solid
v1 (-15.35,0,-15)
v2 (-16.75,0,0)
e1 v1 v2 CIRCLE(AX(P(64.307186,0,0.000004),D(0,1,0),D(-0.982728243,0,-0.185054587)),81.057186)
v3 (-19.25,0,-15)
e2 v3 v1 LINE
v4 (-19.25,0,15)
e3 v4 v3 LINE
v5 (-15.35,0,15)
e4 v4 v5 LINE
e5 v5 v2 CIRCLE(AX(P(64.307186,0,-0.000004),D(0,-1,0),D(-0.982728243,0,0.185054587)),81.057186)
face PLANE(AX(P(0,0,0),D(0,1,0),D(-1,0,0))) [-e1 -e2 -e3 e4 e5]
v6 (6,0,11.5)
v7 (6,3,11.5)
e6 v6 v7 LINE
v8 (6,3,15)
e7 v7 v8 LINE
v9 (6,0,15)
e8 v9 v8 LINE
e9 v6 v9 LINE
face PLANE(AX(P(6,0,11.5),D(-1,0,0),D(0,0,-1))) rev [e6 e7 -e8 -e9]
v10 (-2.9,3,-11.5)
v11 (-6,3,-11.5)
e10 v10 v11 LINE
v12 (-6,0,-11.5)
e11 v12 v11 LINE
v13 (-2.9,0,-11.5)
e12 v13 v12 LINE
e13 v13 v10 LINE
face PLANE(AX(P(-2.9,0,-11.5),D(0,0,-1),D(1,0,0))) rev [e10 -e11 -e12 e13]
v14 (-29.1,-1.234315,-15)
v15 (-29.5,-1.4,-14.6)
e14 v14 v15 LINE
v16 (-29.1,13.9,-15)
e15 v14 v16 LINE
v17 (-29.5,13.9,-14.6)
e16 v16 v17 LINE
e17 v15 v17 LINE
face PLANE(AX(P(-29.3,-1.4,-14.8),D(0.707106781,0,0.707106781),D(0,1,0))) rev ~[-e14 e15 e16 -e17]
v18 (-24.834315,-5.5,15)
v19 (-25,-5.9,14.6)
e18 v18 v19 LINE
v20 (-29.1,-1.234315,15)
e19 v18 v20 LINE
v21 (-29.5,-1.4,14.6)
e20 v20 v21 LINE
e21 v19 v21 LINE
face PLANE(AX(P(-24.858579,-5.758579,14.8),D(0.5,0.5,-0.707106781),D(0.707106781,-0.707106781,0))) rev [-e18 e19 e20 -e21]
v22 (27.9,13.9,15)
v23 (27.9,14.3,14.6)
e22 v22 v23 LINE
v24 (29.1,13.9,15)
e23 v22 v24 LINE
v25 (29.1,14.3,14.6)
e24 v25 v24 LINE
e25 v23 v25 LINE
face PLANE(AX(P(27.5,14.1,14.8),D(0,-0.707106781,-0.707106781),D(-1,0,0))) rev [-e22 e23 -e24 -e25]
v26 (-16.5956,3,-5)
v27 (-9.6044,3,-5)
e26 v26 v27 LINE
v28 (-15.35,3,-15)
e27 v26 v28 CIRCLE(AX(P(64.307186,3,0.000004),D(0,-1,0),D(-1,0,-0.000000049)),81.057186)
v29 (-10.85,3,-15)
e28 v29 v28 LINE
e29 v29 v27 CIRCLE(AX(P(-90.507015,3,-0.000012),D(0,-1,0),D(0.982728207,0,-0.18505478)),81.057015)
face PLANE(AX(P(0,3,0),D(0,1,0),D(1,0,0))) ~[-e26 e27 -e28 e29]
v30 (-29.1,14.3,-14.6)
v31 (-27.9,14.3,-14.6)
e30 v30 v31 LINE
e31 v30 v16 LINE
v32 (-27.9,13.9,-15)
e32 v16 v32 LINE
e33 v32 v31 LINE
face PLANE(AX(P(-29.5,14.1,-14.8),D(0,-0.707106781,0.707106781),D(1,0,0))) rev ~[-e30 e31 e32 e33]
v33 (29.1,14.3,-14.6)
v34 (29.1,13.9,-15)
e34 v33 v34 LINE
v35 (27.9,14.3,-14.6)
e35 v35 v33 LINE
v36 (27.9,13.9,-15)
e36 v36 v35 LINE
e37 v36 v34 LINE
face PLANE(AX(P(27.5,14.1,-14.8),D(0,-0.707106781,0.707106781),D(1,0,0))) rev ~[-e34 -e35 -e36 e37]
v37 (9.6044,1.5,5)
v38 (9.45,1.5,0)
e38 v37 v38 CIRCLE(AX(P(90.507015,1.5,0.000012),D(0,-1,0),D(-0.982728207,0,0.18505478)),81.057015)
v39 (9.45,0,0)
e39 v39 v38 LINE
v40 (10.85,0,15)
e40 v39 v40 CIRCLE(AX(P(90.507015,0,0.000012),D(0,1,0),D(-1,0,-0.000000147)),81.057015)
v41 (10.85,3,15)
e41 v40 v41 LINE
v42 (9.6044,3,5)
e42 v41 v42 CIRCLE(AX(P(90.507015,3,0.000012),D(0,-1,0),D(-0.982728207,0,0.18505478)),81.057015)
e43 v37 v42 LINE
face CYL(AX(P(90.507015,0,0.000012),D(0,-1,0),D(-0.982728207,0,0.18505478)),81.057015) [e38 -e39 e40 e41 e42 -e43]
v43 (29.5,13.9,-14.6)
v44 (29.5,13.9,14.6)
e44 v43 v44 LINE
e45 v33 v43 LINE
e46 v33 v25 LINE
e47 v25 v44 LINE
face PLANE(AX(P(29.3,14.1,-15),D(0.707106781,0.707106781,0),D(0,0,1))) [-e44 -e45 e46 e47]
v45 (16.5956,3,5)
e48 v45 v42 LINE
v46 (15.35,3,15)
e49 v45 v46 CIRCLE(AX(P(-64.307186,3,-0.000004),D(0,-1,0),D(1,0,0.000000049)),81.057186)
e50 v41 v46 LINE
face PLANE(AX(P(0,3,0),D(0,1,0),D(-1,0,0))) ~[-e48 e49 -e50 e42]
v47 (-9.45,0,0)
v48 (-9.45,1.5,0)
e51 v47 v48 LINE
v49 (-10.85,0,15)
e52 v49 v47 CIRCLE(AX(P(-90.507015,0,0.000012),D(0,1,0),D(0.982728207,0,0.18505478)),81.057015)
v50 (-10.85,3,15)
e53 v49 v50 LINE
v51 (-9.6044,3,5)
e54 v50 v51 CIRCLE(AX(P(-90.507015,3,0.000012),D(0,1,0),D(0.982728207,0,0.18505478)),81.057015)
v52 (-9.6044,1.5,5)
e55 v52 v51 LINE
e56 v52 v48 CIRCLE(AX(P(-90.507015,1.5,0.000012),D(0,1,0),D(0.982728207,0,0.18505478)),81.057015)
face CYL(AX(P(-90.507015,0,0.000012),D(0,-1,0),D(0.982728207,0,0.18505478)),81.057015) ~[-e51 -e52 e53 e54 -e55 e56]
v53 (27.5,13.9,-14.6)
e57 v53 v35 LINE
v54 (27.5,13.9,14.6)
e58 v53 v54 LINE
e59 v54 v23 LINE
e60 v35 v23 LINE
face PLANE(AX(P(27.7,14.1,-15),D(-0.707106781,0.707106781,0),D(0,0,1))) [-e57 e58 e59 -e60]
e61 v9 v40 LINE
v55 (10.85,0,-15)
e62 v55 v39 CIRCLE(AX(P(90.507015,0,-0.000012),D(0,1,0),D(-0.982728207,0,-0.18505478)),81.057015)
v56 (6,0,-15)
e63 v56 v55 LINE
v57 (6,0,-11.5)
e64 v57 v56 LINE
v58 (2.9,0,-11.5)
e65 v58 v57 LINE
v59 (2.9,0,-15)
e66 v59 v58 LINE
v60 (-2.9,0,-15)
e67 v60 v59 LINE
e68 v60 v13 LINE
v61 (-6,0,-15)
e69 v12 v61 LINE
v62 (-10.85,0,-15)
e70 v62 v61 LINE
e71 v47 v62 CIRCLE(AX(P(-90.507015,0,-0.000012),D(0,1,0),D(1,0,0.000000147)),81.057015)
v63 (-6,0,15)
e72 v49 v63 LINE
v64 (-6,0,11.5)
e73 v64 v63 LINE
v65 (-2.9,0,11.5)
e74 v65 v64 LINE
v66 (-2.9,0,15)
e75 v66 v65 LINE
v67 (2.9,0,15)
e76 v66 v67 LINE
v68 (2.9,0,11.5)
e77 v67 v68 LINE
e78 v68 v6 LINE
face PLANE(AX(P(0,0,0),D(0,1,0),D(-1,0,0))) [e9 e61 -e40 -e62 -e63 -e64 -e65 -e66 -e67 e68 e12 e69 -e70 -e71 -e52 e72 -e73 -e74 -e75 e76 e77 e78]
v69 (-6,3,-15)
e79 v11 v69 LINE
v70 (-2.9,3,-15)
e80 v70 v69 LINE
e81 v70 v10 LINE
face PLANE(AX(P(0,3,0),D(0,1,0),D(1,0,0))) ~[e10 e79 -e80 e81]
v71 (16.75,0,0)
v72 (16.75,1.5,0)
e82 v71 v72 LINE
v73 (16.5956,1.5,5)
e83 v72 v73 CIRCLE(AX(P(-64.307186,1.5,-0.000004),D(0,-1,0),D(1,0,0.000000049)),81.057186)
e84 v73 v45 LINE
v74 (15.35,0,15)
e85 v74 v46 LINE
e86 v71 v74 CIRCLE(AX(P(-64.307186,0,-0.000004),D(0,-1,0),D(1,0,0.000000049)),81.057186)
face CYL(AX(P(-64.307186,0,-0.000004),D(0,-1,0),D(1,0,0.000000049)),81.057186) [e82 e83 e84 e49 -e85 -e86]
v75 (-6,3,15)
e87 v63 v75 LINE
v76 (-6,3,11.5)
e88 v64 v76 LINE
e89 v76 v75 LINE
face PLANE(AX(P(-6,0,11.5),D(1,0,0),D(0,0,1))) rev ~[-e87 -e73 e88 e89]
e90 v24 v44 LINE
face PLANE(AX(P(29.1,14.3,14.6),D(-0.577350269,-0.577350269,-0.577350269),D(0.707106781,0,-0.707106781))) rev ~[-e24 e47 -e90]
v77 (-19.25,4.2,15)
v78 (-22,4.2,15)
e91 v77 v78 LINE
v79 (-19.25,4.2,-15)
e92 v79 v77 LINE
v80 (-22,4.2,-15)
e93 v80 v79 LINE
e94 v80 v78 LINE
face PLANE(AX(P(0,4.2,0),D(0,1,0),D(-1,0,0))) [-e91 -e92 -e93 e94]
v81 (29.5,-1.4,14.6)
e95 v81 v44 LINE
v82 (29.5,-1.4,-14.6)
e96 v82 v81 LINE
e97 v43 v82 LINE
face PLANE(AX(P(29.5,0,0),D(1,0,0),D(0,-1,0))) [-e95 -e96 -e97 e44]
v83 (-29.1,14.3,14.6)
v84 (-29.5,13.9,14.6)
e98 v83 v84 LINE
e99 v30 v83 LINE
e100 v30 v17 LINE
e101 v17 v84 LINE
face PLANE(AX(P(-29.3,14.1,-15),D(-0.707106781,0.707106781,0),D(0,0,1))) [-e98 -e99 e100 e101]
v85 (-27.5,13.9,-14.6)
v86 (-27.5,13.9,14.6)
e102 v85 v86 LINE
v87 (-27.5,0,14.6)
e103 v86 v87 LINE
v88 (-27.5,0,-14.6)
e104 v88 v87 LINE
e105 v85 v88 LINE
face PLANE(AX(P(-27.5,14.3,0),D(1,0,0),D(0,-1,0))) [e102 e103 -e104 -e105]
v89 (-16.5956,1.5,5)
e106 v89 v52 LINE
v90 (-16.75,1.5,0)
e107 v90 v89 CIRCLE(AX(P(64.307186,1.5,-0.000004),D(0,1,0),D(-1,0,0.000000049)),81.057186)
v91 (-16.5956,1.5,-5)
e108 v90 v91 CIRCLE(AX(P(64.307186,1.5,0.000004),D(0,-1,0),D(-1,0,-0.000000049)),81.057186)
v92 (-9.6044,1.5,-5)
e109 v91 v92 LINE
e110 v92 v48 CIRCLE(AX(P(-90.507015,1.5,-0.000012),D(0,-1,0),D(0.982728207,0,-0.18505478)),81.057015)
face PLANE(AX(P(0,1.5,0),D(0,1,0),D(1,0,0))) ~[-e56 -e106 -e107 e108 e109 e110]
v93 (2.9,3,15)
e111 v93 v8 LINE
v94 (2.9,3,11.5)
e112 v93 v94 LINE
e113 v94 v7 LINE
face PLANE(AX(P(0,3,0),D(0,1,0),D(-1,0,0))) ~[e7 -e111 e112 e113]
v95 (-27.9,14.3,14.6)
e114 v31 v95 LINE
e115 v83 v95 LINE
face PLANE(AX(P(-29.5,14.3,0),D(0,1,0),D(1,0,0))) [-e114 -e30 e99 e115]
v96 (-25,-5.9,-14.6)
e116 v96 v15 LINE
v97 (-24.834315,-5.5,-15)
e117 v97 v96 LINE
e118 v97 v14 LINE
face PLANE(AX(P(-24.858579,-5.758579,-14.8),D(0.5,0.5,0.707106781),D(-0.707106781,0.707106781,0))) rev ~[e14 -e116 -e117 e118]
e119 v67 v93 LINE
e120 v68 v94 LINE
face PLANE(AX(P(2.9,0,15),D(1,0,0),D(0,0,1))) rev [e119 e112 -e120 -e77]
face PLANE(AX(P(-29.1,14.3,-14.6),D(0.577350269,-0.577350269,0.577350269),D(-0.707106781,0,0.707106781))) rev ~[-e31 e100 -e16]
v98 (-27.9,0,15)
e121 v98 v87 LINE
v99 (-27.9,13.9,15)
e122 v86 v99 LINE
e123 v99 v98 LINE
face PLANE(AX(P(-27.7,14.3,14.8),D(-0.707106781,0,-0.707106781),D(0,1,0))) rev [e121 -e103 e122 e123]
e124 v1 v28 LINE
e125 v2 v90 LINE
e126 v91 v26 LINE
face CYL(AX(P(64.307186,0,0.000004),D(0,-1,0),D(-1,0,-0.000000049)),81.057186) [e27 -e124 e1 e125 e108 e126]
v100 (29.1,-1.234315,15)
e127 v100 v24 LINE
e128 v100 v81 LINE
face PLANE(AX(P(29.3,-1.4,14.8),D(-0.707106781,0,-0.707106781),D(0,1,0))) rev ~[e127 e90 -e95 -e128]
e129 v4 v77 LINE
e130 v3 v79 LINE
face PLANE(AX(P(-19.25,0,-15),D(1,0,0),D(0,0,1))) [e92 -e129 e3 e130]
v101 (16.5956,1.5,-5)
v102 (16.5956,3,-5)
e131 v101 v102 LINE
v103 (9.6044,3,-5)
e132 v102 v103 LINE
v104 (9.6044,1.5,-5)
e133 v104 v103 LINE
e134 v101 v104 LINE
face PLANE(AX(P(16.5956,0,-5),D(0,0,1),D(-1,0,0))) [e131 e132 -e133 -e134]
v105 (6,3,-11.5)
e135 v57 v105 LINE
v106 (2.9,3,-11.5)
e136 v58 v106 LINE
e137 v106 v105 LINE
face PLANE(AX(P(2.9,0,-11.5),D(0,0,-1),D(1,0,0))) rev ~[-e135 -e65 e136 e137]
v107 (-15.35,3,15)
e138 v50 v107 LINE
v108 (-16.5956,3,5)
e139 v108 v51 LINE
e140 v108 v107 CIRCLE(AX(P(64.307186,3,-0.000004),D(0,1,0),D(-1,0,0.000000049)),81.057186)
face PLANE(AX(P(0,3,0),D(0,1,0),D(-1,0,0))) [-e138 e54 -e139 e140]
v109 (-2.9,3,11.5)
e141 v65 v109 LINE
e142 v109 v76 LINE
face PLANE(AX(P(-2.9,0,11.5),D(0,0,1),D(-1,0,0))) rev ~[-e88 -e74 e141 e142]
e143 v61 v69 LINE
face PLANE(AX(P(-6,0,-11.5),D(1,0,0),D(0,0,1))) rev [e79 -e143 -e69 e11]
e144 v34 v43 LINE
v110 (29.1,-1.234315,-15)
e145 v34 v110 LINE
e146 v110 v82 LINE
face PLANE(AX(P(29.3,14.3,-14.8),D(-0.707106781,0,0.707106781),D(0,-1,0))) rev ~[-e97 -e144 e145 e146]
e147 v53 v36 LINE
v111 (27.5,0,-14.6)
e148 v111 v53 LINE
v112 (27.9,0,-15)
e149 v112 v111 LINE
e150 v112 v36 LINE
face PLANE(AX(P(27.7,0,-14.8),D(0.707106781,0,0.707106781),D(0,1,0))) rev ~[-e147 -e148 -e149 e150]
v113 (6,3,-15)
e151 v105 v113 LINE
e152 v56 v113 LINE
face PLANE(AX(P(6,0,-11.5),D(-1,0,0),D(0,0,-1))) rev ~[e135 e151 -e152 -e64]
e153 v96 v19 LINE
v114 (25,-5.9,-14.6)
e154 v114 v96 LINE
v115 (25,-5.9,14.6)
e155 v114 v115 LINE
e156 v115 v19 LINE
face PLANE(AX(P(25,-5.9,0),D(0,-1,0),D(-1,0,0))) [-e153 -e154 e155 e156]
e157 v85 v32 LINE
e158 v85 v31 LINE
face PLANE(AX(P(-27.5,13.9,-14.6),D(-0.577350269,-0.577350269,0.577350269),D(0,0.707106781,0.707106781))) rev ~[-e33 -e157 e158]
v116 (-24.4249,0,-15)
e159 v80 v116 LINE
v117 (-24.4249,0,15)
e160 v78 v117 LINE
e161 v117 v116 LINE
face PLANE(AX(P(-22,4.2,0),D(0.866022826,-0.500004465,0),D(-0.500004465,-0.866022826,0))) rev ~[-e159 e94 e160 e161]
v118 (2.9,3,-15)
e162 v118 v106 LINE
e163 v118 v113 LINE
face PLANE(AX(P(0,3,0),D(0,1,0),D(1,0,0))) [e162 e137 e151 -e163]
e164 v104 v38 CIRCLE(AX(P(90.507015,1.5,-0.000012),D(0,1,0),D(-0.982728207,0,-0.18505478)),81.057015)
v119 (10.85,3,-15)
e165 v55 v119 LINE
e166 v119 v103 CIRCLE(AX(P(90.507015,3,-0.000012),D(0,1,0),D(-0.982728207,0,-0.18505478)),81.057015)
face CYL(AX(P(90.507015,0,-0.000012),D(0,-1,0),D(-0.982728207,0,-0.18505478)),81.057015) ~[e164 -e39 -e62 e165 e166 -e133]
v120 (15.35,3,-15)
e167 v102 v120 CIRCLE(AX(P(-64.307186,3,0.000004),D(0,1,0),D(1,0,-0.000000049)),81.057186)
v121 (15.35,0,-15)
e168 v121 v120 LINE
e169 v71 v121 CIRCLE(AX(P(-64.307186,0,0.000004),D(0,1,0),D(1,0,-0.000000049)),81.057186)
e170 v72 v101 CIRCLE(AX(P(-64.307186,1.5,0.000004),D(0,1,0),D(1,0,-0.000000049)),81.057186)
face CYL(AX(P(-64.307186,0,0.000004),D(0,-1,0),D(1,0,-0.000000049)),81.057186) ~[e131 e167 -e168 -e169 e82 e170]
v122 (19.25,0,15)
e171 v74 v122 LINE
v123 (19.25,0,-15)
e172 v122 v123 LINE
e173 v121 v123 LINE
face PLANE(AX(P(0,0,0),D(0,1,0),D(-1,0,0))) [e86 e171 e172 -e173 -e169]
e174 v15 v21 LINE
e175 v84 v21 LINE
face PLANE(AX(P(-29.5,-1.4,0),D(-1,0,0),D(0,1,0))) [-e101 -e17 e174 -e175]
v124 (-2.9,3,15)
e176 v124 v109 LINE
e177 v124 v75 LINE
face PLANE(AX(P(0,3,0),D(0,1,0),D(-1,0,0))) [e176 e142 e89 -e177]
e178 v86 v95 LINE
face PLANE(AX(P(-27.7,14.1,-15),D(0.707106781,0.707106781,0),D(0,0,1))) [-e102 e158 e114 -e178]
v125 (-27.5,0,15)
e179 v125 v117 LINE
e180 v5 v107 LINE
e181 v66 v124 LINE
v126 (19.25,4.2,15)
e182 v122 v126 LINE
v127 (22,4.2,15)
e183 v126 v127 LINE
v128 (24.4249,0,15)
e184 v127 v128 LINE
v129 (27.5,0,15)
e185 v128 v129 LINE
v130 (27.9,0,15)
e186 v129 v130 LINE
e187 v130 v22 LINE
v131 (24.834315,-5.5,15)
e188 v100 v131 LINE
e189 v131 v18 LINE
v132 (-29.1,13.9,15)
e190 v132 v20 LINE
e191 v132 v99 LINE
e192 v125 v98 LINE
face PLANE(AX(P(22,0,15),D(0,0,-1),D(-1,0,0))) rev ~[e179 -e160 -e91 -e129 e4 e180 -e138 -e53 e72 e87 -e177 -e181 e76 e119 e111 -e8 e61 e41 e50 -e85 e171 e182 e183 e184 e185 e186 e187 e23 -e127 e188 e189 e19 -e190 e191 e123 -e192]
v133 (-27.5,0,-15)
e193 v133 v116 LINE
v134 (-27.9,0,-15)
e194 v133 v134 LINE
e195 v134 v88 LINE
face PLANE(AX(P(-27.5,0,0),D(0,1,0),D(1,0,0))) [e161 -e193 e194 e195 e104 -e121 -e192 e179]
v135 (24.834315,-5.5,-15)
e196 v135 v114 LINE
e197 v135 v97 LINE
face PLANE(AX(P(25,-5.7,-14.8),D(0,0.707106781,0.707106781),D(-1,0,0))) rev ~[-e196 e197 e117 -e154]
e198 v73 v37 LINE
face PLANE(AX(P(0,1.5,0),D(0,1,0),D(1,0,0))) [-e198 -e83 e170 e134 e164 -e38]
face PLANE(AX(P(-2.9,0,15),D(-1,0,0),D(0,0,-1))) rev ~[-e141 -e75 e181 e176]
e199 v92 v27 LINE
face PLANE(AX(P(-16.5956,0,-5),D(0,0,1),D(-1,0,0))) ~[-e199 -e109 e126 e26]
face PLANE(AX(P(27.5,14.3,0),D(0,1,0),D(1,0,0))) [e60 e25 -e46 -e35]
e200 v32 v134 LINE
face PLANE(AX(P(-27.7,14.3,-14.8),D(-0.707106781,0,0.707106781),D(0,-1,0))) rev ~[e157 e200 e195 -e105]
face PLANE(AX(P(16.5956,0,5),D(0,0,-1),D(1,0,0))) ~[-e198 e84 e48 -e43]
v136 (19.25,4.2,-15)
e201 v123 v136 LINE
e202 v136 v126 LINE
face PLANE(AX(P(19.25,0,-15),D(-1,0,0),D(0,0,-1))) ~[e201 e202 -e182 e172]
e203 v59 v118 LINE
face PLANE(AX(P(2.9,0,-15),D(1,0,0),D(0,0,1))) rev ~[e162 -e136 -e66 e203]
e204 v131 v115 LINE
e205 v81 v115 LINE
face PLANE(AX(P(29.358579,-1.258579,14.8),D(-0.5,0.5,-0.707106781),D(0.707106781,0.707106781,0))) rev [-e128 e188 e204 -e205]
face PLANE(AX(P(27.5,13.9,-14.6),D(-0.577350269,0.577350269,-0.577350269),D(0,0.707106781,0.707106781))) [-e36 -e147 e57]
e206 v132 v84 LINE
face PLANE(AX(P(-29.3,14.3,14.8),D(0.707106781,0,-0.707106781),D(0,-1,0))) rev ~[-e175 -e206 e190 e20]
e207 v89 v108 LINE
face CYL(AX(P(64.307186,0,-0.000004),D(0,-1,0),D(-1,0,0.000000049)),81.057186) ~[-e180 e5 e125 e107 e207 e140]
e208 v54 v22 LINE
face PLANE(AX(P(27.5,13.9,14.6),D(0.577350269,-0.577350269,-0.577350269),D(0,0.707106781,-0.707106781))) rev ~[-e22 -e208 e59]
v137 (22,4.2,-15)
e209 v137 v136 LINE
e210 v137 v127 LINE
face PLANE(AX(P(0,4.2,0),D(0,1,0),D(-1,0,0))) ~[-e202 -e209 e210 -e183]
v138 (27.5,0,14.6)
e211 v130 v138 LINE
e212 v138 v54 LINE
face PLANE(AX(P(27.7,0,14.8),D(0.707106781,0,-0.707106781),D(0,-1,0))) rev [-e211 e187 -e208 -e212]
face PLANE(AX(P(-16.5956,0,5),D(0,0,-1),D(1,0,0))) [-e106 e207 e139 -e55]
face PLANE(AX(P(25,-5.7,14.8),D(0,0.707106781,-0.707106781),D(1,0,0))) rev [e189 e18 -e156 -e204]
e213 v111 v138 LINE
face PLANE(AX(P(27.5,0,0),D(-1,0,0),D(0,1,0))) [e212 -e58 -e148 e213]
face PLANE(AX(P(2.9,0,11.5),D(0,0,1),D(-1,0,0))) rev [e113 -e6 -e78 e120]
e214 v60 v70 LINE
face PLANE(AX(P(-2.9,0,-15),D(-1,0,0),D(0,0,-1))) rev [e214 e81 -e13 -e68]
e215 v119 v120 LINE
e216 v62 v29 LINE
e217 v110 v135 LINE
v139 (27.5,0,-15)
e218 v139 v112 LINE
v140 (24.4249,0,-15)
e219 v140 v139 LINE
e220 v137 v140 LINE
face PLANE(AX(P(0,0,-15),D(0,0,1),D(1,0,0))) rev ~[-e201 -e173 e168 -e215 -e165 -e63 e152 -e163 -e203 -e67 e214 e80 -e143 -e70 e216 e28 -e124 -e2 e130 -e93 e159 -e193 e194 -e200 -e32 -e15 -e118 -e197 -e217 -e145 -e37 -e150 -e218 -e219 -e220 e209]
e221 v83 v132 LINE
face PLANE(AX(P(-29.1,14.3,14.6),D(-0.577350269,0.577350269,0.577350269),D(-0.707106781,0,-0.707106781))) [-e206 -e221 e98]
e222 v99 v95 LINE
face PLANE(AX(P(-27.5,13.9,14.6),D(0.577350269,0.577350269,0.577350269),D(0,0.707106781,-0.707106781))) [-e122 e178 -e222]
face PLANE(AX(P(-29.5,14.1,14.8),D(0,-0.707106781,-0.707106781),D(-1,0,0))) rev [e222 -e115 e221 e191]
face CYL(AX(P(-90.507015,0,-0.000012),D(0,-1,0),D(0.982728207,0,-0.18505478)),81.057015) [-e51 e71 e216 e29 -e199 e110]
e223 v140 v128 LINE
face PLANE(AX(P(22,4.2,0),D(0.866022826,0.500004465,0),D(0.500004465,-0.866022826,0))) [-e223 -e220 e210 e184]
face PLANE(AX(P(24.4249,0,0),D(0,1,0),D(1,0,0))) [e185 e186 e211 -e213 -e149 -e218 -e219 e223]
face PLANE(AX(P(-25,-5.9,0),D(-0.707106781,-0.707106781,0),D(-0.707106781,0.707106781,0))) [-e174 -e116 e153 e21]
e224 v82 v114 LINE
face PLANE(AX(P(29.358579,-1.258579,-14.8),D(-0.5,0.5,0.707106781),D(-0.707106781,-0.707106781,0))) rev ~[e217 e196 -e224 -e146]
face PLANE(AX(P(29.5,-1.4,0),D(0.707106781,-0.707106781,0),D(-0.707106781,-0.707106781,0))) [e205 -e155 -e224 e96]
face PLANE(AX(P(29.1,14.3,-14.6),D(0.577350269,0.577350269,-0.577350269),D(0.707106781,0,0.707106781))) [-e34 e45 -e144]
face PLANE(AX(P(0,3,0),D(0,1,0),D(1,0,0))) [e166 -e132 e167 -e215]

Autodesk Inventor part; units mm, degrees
ref_plane "YZ Plane" through (0, 0, 0) normal (1, 0, 0) x (0, 1, 0)
ref_plane "XZ Plane" through (0, 0, 0) normal (0, 1, 0) x (-1, 0, 0)
ref_plane "XY Plane" through (0, 0, 0) normal (0, 0, 1) x (1, 0, 0)
sketch "スケッチ1" plane through (0, 0, 0) normal (0, 1, 0) x (-1, 0, 0)
  line L0 (0, -21.0065) -> (0, 21.0391) projected
  line L1 (-95.27, 0) -> (121.47, 0) projected
  line L2 (22, -15) -> (-22, -15)
  line L3 (-22, -15) -> (-22, 15)
  line L4 (-22, 15) -> (22, 15)
  line L5 (22, 15) -> (22, -15)
  line L6 (6, 15) -> (2.9, 15)
  line L7 (2.9, 15) -> (2.9, 11.5)
  line L8 (2.9, 11.5) -> (6, 11.5)
  line L9 (6, 11.5) -> (6, 15)
  arc A0 (10.85, 15) -> (9.45, 0) centre (90.5071, 0) ccw
  arc A1 (16.75, 0) -> (15.35, 15) centre (-64.3071, 0) ccw
  line L10 (13.1, -2.0457) -> (13.1, 1.915)
  line L11 (16.75, 0) -> (9.45, 0)
  line L12 (15.35, 15) -> (10.85, 15)
  line L13 (16.5956, 5) -> (9.6044, 5)
  line L14 (19.25, -15) -> (19.25, 15)
  point P0 (0, 0)
  point P1 (2.9, 15)
  point P2 (19.25, 0)
  point P3 (22, 0)
  dimension "d0" = 44
  dimension "d1" = 30
  dimension "d18" = 3.5
  dimension "d19" = 6
  dimension "d20" = 3.1
  dimension "d21" = 16.75
  dimension "d22" = 7.3
  dimension "d25" = 4.5
  dimension "d26" = 10
  dimension "d28" = 6.9913
  dimension "d37" = 2.9
  dimension "d38" = 19.25
extrude "押し出し1" add sketch "スケッチ1" against normal blind 2
extrude "押し出し3" add sketch "スケッチ1" along normal blind 3 contours L4 L9 L8 L7 | A0 L4 A1 L13
extrude "押し出し4" add sketch "スケッチ1" along normal blind 1.5 contours A0 L13 A1 L1
mirror "ミラー1" about plane through (0, 0, 0) normal (0, 0, 1) of "押し出し1", "押し出し3", "押し出し4"
extrude "押し出し5" add sketch "スケッチ1" along normal blind 4.2 contours L14 L1 L5 L2 | L14 L4 L5 L1
mirror "ミラー3" about plane through (0, 0, 0) normal (1, 0, 0) of "押し出し1", "押し出し3", "押し出し4", "ミラー1", "押し出し5"
sketch "スケッチ2" plane through (0, 0, 0) normal (0, 0, 1) x (1, 0, 0)
  line L0 (0, 5.44) -> (0, -3.24) projected
  line L1 (-30.8, 0) -> (30.8, 0) projected
  line L2 (-29.5, 14.3) -> (-27.5, 14.3)
  line L3 (-27.5, 14.3) -> (-27.5, 0)
  line L4 (27.5, 0) -> (27.5, 14.3)
  line L5 (27.5, 14.3) -> (29.5, 14.3)
  line L6 (29.5, 14.3) -> (29.5, -1.4)
  line L7 (29.5, -1.4) -> (25, -5.9)
  line L8 (25, -5.9) -> (-25, -5.9)
  line L9 (-25, -5.9) -> (-29.5, -1.4)
  line L10 (-29.5, -1.4) -> (-29.5, 14.3)
  line L11 (-19.25, 4.2) -> (-22, 4.2) projected
  line L12 (19.25, 4.2) -> (22, 4.2) projected
  line L13 (-22, -2) -> (-22, 4.2) projected
  line L14 (-22, 0) -> (-22, 4.2)
  line L15 (-22, 4.2) -> (-24.4249, 0)
  line L16 (22, -2) -> (22, 4.2) projected
  line L17 (22, 0) -> (22, 4.2)
  line L18 (22, 4.2) -> (24.4249, 0)
  line L19 (-27.5, 0) -> (-24.4249, 0)
  line L20 (-22, 0) -> (22, 0)
  line L21 (24.4249, 0) -> (27.5, 0)
  point P0 (0, 0)
  point P1 (24.4249, 0)
  point P2 (22, 0)
  point P3 (-22, 0)
  point P4 (-24.4249, 0)
  dimension "d41" = 59
  dimension "d42" = 2
  dimension "d44" = 20.2
  dimension "d45" = 45
  dimension "d46" = 50
  dimension "d47" = 120
  dimension "d50" = 14.3
extrude "押し出し6" add sketch "スケッチ2" along normal mid plane 30
chamfer "面取り1" distance 0.4 angle 45 22 edges at (-29.5, 6.45, 15) (-28.5, 14.3, 15) (-27.5, 7.15, 15) (-27.25, -3.65, 15) (0, -5.9, 15) (27.25, -3.65, 15) (29.5, 6.45, 15) (28.5, 14.3, 15) (27.5, 7.15, 15) (-29.5, 6.45, -15) (-28.5, 14.3, -15) (-27.5, 7.15, -15) (-27.25, -3.65, -15) (0, -5.9, -15) (27.25, -3.65, -15) (29.5, 6.45, -15) (28.5, 14.3, -15) (27.5, 7.15, -15) (-29.5, 14.3, 0) (-27.5, 14.3, 0) (27.5, 14.3, 0) (29.5, 14.3, 0)
equation "\"d39\" = 0.5 * RailHeight"
equation "\"RailHeight\" = 8.4"
properties part number "PillarTopVD"
